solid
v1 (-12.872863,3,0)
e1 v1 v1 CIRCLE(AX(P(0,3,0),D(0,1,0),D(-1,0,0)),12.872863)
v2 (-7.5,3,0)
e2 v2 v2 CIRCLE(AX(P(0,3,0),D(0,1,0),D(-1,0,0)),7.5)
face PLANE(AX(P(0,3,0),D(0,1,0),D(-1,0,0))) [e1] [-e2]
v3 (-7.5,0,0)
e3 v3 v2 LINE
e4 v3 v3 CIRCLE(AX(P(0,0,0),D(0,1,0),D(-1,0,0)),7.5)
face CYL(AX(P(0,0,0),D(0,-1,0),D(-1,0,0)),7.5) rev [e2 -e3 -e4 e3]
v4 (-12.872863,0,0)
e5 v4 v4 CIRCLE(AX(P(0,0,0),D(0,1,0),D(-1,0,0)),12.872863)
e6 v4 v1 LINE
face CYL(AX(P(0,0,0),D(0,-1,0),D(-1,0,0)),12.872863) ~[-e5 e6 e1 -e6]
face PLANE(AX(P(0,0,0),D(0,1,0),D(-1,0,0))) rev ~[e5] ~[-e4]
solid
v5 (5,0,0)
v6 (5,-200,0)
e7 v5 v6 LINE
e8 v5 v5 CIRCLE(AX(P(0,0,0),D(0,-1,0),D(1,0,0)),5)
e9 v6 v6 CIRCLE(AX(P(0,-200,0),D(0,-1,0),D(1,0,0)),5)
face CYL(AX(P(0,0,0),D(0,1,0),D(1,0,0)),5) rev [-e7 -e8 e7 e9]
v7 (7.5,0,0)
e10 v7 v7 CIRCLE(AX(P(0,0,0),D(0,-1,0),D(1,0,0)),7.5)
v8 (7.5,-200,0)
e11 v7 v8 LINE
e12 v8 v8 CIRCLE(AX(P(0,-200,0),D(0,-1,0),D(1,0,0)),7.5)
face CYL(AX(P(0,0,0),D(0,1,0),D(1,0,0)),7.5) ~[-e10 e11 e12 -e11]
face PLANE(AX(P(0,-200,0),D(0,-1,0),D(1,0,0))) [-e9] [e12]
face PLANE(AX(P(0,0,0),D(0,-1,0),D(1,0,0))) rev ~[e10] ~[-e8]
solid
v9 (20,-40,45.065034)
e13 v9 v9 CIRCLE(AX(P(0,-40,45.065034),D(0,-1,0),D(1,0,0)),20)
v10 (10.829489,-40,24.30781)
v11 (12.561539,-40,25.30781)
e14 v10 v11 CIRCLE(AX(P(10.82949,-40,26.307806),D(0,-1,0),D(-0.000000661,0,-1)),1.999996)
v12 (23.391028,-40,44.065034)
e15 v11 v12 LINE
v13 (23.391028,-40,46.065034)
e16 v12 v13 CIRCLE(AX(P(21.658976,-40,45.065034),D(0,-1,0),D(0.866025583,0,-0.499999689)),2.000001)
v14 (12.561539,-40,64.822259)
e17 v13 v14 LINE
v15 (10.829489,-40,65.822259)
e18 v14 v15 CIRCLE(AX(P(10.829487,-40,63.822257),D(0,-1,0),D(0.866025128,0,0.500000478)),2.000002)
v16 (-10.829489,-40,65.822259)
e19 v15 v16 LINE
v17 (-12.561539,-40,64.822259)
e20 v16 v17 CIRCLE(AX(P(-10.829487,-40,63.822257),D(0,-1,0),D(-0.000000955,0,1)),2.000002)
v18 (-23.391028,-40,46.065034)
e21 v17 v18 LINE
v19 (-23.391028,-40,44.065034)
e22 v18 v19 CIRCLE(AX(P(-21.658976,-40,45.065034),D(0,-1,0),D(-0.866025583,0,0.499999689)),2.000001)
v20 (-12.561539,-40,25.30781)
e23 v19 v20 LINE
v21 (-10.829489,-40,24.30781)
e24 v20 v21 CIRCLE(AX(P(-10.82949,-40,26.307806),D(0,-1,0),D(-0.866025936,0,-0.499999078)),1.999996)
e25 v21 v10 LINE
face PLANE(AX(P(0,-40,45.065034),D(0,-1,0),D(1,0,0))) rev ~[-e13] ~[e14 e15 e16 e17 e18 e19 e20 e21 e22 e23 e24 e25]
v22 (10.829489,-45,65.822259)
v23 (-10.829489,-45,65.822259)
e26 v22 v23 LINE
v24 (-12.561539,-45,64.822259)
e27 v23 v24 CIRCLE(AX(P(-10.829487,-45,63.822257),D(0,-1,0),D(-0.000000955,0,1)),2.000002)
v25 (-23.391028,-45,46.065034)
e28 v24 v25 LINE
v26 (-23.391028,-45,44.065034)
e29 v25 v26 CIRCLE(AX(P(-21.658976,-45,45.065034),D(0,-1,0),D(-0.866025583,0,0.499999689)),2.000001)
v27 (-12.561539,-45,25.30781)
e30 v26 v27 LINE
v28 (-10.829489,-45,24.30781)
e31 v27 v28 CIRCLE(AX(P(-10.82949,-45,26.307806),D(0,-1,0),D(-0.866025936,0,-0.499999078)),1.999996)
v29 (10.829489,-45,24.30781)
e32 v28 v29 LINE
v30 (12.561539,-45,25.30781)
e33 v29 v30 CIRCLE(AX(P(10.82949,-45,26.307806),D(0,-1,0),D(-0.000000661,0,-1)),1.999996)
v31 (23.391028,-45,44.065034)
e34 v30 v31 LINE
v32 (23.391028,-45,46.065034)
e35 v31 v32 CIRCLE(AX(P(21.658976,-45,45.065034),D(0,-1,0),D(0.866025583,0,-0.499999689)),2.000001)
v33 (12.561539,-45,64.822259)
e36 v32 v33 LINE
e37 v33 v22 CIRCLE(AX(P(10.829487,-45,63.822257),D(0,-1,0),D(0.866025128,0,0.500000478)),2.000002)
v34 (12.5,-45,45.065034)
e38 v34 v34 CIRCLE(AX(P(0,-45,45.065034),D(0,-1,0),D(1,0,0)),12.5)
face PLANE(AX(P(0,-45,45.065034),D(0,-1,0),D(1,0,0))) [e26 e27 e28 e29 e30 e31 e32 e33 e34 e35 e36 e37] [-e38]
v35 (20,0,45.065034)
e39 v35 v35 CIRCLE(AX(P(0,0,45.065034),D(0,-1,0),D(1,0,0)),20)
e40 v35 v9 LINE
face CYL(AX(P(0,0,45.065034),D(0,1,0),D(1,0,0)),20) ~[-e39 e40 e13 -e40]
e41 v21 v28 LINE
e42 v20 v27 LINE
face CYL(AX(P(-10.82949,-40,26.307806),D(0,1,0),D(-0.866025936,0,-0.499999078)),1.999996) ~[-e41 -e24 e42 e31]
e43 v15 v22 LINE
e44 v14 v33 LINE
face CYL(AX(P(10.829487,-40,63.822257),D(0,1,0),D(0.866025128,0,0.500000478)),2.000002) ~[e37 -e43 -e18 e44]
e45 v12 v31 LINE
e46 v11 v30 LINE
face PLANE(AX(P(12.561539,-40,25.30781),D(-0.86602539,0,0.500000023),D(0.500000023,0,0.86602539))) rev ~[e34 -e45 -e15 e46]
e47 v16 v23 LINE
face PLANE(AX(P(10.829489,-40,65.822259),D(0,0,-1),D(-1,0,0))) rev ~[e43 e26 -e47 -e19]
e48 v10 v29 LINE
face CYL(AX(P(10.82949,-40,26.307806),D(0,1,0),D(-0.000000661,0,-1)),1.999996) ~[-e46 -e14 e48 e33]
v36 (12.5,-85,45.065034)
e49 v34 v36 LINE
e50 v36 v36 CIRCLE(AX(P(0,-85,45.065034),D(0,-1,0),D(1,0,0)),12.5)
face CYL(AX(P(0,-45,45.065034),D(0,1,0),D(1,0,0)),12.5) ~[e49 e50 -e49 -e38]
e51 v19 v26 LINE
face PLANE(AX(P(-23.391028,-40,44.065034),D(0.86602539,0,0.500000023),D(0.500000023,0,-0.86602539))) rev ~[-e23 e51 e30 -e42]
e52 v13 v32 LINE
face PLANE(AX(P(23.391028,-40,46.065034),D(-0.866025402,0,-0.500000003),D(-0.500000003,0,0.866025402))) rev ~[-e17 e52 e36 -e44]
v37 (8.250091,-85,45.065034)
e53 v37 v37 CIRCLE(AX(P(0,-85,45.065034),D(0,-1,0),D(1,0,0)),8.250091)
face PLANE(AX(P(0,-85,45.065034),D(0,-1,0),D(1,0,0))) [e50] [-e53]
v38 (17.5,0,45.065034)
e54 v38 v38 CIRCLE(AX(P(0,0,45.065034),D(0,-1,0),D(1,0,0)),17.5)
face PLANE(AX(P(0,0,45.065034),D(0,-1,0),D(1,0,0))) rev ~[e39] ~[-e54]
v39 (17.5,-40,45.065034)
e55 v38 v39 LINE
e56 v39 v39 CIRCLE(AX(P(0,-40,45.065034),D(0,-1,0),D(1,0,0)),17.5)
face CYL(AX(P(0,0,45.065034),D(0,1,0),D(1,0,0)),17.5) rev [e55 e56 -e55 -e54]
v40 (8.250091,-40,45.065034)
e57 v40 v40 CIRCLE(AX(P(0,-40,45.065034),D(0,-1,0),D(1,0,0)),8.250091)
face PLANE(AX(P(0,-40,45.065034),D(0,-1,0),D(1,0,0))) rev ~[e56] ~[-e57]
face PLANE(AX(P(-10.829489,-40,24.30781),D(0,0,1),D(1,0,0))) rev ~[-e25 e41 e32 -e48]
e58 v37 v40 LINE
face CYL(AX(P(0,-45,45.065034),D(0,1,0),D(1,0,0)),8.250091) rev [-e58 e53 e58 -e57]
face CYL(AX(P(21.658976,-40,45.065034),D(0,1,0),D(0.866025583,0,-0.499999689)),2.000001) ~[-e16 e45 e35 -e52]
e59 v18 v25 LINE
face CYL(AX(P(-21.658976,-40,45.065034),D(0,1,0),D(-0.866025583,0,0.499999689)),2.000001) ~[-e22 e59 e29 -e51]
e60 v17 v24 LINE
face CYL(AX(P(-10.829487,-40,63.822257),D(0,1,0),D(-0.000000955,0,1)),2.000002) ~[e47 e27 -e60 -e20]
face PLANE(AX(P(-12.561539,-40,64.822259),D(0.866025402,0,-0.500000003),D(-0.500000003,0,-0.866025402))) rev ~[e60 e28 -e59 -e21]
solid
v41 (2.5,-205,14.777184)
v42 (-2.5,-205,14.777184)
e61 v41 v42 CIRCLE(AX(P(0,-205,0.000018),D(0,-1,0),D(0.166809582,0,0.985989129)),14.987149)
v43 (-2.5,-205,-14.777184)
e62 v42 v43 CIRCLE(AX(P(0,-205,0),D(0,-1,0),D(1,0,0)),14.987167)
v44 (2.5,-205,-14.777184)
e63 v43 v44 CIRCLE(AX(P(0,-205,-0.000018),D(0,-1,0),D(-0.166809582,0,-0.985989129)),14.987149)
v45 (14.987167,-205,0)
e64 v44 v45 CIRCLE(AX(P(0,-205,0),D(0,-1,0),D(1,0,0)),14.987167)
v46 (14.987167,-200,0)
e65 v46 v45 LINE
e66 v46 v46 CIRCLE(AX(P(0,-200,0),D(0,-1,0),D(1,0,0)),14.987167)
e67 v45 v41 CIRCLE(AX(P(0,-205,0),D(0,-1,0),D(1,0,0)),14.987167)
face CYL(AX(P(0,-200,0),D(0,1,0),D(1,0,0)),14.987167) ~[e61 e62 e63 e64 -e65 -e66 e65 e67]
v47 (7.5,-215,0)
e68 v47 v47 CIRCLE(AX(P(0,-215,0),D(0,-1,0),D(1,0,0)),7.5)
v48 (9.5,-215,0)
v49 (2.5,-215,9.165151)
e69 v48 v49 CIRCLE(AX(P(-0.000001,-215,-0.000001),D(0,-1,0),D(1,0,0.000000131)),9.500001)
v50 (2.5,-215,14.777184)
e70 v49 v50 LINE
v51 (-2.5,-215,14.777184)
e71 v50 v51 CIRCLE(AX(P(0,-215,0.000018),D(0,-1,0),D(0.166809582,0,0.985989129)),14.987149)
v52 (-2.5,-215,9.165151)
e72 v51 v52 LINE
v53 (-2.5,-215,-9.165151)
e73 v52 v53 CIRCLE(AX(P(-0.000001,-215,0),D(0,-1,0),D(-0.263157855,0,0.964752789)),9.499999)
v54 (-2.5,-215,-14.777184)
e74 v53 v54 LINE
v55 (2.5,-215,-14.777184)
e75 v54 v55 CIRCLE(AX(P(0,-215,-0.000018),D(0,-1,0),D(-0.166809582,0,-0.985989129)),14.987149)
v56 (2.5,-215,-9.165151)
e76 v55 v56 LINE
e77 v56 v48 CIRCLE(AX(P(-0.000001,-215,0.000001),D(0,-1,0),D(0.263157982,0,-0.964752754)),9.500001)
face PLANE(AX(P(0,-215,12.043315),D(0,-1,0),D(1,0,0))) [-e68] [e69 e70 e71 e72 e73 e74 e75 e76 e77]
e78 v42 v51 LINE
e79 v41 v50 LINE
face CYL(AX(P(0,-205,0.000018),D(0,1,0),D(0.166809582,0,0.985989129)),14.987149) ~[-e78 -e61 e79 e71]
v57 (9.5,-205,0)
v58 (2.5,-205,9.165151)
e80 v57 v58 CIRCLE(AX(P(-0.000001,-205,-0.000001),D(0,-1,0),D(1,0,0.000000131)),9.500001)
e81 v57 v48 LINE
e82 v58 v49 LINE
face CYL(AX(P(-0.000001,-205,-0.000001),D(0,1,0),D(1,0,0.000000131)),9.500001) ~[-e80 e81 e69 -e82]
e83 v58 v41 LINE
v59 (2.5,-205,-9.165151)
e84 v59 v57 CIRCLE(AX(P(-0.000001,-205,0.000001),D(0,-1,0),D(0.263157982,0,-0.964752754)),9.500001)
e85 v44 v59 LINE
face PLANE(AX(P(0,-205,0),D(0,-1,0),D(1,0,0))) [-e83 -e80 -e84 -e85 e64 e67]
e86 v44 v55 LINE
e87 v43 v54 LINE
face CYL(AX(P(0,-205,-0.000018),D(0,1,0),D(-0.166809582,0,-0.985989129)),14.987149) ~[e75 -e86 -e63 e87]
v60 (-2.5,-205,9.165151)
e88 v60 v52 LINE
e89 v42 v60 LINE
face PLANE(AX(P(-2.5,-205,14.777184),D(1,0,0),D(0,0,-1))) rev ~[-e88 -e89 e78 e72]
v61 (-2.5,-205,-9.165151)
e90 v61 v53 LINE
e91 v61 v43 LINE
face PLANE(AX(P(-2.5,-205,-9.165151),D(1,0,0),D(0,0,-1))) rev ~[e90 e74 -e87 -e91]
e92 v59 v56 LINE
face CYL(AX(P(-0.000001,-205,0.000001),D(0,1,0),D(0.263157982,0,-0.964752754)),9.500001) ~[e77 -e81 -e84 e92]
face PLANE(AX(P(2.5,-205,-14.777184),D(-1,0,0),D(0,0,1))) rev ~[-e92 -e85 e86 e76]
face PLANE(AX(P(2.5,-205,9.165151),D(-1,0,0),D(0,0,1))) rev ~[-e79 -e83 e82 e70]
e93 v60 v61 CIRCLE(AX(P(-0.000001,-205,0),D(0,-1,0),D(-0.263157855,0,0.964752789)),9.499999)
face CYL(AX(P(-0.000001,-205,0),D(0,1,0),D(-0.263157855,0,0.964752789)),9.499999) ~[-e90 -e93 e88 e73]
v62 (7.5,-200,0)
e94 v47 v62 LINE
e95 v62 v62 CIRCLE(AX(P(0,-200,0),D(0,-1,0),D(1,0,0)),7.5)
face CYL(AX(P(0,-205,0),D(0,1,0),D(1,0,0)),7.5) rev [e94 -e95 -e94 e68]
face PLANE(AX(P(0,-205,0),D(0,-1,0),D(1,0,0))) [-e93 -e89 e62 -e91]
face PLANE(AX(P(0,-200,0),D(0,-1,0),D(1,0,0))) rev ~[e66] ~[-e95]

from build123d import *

# Parameters (mm, degrees)
F0_R      = 7.5
F0_R_2    = 5
F1_DEPTH  = 200
F2_R      = 14.987167
F2_R_2    = 7.5
F3_DEPTH  = 5
F4_R      = 7.5
F5_DEPTH  = 10
F6_R      = 20
F6_R_2    = 17.5
F7_DEPTH  = 40
F8_R      = 8.250091
F9_DEPTH  = 5
F10_R     = 12.5
F10_R_2   = 8.250091
F11_DEPTH = 40
F12_R     = 12.872863
F12_R_2   = 7.5
F13_DEPTH = 3


with BuildPart() as f1:
    # F0 (on Front) → F1 (new body)
    with BuildSketch(Plane.XZ):
        Circle(F0_R)
        Circle(F0_R_2, mode=Mode.SUBTRACT)
    extrude(amount=F1_DEPTH)


with BuildPart() as f3:
    # F2 (on face) → F3 (new body)
    with BuildSketch(Plane.XZ.offset(200)):
        Circle(F2_R)
        Circle(F2_R_2, mode=Mode.SUBTRACT)
    extrude(amount=F3_DEPTH)

    # F4 (on face) → F5 (join)
    with BuildSketch(Plane.XZ.offset(205)):
        with BuildLine():
            Line((2.5, 9.165151), (2.5, 14.777184))
            ThreePointArc((2.5, 14.777184), (0, 14.987167), (-2.5, 14.777184))
            Line((-2.5, 14.777184), (-2.5, 9.165151))
            ThreePointArc((-2.5, 9.165151), (0, 9.5), (2.5, 9.165151))
        make_face()
        with BuildLine():
            ThreePointArc((-2.5, -14.777184), (0, -14.987167), (2.5, -14.777184))
            Line((2.5, -14.777184), (2.5, -9.165151))
            ThreePointArc((2.5, -9.165151), (0, -9.5), (-2.5, -9.165151))
            Line((-2.5, -9.165151), (-2.5, -14.777184))
        make_face()
        with BuildLine():
            ThreePointArc((9.5, 0), (7.549834, 5.766281), (2.5, 9.165151))
            ThreePointArc((2.5, 9.165151), (0, 9.5), (-2.5, 9.165151))
            ThreePointArc((-2.5, 9.165151), (-9.5, 0), (-2.5, -9.165151))
            ThreePointArc((-2.5, -9.165151), (0, -9.5), (2.5, -9.165151))
            ThreePointArc((2.5, -9.165151), (7.549834, -5.766281), (9.5, 0))
        make_face()
        Circle(F4_R, mode=Mode.SUBTRACT)
    extrude(amount=F5_DEPTH)


with BuildPart() as f7:
    # F6 (on Front) → F7 (new body)
    with BuildSketch(Plane.XZ):
        with Locations((0, 45.065034)):
            Circle(F6_R)
        with Locations((0, 45.065034)):
            Circle(F6_R_2, mode=Mode.SUBTRACT)
    extrude(amount=F7_DEPTH)

    # F8 (on face) → F9 (join)
    with BuildSketch(Plane.XZ.offset(40)):
        with BuildLine():
            Line((10.829489, 65.822259), (-10.829489, 65.822259))
            ThreePointArc((-10.829489, 65.822259), (-11.829489, 65.554309), (-12.561539, 64.822259))
            Line((-12.561539, 64.822259), (-23.391028, 46.065034))
            ThreePointArc((-23.391028, 46.065034), (-23.658977, 45.065034), (-23.391028, 44.065034))
            Line((-23.391028, 44.065034), (-12.561539, 25.30781))
            ThreePointArc((-12.561539, 25.30781), (-11.829489, 24.575759), (-10.829489, 24.30781))
            Line((-10.829489, 24.30781), (10.829489, 24.30781))
            ThreePointArc((10.829489, 24.30781), (11.829489, 24.575759), (12.561539, 25.30781))
            Line((12.561539, 25.30781), (23.391028, 44.065034))
            ThreePointArc((23.391028, 44.065034), (23.658977, 45.065034), (23.391028, 46.065034))
            Line((23.391028, 46.065034), (12.561539, 64.822259))
            ThreePointArc((12.561539, 64.822259), (11.829489, 65.554309), (10.829489, 65.822259))
        make_face()
        with Locations((0, 45.065034)):
            Circle(F8_R, mode=Mode.SUBTRACT)
    extrude(amount=F9_DEPTH)

    # F10 (on face) → F11 (join)
    with BuildSketch(Plane.XZ.offset(45)):
        with Locations((0, 45.065034)):
            Circle(F10_R)
        with Locations((0, 45.065034)):
            Circle(F10_R_2, mode=Mode.SUBTRACT)
    extrude(amount=F11_DEPTH)


with BuildPart() as f13:
    # F12 (on face) → F13 (new body)
    with BuildSketch(Plane(origin=(0, 0, 0), x_dir=(-1, 0, 0), z_dir=(0, 1, 0))):
        Circle(F12_R)
        Circle(F12_R_2, mode=Mode.SUBTRACT)
    extrude(amount=F13_DEPTH)


solid = Compound([f1.part, f3.part, f7.part, f13.part])
